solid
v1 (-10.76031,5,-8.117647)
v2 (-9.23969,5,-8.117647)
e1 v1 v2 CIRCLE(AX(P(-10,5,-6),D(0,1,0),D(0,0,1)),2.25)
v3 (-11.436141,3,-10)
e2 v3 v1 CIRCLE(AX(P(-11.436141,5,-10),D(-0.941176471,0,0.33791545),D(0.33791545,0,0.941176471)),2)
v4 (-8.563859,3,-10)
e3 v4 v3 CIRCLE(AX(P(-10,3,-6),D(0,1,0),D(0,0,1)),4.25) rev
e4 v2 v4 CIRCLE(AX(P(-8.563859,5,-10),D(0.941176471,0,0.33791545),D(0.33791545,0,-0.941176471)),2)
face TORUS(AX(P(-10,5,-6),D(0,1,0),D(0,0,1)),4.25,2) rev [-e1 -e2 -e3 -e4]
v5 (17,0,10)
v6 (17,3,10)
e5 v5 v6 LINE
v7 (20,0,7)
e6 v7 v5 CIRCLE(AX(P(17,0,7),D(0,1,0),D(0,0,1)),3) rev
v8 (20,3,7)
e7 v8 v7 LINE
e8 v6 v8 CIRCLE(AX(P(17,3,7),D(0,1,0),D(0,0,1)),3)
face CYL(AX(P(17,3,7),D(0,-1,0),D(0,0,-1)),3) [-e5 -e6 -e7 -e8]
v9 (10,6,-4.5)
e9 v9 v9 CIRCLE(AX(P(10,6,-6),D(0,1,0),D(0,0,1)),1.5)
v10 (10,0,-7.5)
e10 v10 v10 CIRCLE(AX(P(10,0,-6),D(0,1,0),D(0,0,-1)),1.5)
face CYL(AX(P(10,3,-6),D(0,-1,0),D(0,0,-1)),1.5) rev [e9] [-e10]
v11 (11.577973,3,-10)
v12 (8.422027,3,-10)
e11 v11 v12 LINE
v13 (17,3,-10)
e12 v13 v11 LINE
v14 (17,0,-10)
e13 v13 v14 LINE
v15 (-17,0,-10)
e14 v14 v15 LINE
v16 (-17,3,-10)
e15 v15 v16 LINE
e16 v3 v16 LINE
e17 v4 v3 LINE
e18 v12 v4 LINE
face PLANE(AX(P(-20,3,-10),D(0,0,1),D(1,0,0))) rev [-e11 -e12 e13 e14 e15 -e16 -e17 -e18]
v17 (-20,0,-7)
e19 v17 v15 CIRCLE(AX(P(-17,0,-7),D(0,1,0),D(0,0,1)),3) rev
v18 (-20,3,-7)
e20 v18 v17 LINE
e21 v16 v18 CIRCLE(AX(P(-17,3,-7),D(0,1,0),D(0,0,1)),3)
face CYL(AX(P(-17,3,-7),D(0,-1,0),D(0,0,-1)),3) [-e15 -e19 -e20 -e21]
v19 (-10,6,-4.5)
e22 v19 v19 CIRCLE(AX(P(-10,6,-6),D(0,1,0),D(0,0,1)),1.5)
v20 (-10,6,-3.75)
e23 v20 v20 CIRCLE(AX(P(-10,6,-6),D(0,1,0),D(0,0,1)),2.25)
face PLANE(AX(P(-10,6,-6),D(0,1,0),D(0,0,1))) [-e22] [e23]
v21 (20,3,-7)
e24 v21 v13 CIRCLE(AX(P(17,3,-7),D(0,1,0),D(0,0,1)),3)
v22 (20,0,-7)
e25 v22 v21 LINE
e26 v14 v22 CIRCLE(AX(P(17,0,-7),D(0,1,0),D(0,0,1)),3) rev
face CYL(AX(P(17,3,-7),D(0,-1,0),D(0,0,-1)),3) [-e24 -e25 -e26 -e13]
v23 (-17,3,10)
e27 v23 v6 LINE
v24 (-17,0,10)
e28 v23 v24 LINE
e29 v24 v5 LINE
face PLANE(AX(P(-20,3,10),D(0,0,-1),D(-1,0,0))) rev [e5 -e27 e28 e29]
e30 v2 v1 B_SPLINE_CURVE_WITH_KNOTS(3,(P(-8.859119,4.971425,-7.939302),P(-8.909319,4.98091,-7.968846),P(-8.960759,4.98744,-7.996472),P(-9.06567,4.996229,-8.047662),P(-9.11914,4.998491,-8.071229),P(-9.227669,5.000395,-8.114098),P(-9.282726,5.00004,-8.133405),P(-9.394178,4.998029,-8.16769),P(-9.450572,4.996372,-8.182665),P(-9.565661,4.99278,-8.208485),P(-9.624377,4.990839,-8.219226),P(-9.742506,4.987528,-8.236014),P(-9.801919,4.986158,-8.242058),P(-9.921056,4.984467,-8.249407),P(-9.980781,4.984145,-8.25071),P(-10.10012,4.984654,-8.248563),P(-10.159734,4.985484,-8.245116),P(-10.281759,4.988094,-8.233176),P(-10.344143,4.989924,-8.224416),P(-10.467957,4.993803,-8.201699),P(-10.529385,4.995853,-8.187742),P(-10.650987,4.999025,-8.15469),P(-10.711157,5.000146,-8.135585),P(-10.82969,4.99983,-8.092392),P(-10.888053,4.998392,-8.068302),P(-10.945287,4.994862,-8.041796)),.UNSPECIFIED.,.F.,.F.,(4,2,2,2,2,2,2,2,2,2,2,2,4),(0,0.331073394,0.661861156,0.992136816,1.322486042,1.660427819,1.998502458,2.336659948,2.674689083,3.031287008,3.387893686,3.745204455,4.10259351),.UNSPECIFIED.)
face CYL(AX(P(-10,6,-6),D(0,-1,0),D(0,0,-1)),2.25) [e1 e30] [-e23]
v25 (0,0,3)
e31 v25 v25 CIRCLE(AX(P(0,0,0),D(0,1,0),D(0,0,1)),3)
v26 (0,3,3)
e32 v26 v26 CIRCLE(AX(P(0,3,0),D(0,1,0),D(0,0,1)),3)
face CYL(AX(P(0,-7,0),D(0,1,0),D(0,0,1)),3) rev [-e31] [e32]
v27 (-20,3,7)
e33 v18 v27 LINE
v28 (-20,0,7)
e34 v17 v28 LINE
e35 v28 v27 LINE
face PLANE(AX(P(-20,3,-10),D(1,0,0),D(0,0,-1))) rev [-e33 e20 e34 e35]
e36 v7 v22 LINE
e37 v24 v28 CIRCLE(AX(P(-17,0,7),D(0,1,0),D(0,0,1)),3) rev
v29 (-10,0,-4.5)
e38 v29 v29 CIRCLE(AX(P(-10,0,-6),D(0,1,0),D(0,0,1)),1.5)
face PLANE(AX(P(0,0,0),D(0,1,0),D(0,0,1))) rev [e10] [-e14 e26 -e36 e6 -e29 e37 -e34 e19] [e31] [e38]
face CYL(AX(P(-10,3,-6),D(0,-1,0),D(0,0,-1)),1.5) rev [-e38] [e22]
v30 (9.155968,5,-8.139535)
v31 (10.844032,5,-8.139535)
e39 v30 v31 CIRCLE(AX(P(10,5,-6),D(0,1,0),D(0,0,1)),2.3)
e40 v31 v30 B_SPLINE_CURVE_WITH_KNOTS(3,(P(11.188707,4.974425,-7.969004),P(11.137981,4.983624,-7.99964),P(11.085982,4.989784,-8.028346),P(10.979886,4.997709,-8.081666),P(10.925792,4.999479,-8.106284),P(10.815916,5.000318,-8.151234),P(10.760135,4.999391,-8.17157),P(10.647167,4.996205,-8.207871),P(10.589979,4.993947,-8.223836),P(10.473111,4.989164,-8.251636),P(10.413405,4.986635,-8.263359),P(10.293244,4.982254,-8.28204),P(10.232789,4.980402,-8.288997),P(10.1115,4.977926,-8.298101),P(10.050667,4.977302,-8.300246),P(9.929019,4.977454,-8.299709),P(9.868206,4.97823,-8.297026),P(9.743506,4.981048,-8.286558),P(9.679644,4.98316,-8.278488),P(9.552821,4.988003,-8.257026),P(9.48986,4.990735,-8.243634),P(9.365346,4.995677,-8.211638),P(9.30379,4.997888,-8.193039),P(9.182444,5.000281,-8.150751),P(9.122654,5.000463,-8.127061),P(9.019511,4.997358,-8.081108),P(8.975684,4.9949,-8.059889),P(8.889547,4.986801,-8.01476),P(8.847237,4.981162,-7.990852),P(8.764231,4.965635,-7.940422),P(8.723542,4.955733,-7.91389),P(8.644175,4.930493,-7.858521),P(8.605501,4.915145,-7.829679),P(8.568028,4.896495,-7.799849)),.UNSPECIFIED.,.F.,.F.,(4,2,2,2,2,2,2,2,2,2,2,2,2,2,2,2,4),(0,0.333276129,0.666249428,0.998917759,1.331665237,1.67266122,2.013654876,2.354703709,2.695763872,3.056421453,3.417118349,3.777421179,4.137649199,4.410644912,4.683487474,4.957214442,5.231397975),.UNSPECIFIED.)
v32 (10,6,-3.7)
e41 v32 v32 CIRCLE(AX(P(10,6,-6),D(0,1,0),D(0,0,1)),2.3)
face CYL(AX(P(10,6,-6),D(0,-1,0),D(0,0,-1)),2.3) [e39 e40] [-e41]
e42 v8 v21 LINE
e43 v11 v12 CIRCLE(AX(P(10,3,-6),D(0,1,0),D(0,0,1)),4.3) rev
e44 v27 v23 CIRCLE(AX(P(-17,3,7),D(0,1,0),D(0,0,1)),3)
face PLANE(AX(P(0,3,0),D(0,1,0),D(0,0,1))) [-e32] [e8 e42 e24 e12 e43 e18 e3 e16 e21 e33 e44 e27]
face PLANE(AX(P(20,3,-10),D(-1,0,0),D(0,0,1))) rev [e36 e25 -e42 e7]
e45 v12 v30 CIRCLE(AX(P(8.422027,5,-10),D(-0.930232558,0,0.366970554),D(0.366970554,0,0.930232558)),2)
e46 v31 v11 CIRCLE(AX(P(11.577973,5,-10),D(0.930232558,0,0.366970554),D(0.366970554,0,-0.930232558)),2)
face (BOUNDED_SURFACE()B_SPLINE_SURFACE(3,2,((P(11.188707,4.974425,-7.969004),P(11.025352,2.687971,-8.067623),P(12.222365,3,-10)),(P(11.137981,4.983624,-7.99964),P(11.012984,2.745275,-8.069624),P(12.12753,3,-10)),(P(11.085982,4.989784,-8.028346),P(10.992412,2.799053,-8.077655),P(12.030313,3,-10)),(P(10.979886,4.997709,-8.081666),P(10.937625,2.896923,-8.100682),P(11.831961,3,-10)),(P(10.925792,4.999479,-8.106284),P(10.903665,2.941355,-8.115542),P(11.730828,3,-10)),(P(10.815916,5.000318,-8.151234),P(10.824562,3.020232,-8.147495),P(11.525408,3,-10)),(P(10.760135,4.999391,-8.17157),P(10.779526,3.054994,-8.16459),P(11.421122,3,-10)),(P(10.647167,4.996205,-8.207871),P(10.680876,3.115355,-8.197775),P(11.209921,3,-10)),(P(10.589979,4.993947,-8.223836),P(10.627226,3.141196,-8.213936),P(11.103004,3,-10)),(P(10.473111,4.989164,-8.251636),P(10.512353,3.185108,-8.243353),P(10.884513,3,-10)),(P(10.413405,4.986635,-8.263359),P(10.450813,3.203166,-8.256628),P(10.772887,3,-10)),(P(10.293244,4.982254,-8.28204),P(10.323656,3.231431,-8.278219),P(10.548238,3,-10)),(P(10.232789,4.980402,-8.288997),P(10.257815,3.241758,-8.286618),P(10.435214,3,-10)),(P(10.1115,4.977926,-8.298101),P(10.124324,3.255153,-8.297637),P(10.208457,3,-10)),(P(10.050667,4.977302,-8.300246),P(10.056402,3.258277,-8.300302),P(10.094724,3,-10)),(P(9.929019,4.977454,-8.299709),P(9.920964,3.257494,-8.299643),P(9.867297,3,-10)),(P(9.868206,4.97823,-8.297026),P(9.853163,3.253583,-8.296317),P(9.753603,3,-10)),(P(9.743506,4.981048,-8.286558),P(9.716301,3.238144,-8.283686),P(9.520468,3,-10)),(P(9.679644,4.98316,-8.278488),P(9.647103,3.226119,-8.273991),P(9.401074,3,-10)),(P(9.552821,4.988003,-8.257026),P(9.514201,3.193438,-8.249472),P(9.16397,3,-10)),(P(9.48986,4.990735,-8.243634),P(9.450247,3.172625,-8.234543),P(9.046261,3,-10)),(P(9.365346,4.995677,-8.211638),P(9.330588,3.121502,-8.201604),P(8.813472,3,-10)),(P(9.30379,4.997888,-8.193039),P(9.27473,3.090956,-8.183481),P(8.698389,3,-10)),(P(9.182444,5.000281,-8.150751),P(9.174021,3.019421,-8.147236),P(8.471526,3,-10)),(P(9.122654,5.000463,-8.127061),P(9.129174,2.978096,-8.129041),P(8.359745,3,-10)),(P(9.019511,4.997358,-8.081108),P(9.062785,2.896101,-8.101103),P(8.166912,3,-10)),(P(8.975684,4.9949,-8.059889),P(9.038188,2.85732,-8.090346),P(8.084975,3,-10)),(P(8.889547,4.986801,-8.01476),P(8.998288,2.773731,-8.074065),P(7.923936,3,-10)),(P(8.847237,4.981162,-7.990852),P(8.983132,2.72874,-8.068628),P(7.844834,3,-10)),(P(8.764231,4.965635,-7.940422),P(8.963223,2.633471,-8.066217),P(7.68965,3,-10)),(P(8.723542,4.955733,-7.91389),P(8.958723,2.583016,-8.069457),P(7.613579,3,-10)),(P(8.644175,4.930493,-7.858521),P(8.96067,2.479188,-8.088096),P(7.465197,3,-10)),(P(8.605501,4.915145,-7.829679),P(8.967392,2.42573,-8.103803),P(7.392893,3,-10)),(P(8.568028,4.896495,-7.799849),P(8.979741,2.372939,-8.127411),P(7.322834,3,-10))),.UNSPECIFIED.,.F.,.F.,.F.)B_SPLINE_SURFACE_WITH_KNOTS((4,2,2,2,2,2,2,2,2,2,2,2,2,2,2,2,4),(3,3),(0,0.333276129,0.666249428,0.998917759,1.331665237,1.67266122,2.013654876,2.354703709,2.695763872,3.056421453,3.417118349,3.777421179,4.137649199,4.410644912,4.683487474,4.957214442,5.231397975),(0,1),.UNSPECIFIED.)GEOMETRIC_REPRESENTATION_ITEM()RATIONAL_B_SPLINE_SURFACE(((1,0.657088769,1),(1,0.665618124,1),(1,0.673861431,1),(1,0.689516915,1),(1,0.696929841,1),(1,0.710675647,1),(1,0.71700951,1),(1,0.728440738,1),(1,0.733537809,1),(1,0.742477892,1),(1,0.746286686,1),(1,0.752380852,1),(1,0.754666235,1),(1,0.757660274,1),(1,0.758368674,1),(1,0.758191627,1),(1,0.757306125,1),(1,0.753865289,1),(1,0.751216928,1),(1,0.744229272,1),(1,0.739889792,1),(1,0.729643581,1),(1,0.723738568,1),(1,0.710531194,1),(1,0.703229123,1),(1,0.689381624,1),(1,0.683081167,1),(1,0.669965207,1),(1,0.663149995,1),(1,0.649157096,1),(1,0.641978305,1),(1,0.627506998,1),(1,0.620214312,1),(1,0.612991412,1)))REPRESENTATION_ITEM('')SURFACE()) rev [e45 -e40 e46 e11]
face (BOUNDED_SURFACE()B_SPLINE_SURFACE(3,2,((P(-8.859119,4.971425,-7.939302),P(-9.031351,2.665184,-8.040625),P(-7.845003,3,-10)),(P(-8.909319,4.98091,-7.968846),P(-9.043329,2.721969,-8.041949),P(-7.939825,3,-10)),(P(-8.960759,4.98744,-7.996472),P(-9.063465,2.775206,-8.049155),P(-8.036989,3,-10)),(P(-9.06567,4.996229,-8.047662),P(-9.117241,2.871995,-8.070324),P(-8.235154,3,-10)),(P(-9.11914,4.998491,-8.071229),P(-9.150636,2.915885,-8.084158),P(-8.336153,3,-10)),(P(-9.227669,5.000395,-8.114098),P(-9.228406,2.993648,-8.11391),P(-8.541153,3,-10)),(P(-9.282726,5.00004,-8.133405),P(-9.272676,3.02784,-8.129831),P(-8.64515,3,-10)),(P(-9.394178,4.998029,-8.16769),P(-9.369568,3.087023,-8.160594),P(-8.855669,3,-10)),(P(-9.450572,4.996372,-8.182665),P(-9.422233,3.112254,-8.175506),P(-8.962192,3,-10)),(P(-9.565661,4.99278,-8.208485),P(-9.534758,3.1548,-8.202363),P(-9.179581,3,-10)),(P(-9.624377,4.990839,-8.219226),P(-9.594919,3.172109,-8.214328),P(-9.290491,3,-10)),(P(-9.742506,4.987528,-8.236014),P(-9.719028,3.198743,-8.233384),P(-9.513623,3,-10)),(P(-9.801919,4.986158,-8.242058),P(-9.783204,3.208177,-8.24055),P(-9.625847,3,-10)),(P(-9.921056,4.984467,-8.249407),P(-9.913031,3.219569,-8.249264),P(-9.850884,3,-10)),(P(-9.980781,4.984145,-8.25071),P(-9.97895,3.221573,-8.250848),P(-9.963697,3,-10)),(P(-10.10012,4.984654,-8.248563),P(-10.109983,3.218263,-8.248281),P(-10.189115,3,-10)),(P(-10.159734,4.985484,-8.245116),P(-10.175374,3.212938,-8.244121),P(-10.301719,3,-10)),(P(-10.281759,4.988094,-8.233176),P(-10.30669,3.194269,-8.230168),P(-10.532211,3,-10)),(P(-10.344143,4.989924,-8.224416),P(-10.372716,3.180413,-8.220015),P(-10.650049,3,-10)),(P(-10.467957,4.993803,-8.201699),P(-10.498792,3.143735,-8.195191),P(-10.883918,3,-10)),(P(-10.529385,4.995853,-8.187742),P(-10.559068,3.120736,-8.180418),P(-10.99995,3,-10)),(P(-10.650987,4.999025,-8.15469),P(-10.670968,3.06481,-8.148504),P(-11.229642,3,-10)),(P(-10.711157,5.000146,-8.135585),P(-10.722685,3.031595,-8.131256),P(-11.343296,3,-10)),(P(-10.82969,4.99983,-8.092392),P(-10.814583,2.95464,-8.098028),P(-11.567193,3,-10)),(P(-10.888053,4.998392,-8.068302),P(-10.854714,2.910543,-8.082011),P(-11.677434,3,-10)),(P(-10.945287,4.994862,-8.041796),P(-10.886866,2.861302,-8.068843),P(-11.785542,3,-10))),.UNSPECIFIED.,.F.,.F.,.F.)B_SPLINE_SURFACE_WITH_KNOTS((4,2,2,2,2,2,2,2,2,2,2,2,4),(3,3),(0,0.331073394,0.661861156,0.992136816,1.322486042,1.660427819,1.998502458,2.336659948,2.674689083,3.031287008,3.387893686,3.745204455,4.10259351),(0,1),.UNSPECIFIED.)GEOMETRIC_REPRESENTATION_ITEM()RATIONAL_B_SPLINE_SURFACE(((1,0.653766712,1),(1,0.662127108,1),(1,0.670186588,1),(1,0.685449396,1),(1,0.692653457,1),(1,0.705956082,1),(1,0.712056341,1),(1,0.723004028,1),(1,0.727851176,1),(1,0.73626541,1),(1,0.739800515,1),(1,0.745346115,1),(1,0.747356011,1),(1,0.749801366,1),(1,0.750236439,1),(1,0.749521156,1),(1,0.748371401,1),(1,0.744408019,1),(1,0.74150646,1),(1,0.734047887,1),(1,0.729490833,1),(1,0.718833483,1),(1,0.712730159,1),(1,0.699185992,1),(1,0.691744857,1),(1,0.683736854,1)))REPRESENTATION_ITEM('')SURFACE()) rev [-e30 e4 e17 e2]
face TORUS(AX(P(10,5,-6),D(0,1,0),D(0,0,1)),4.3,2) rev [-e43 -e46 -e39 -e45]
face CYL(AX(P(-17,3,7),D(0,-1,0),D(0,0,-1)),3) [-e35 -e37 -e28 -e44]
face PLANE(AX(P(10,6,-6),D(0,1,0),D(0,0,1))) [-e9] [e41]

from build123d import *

# Parameters (mm, degrees)
SKETCH1_W           = 40
SKETCH1_H           = 20
SKETCH1_R           = 1.5
BOSS_EXTRUDE1_DEPTH = 3
FILLET1_R           = 3
SKETCH2_R           = 2.25
SKETCH2_R_2         = 1.5
SKETCH2_R_3         = 2.3
BOSS_EXTRUDE2_DEPTH = 3
SKETCH3_R           = 3
CUT_EXTRUDE1_DEPTH  = 10
FILLET2_R           = 2


with BuildPart() as part:
    # Sketch1 → Boss-Extrude1 (new body)
    with BuildSketch(Plane(origin=(0, 0, 0), x_dir=(1, 0, 0), z_dir=(0, 1, 0))):
        Rectangle(SKETCH1_W, SKETCH1_H)
        with Locations(Location((-10, 6, 0), (0, 0, 270))):
            Circle(SKETCH1_R, mode=Mode.SUBTRACT)
        with Locations(Location((10, 6, 0), (0, 0, 90))):
            Circle(SKETCH1_R, mode=Mode.SUBTRACT)
    extrude(amount=BOSS_EXTRUDE1_DEPTH)

    # Fillet1
    fillet1_edges = [part.edges().sort_by_distance(p)[0] for p in [
        (20, 1.5, 10),
        (-20, 1.5, 10),
        (-20, 1.5, -10),
        (20, 1.5, -10),
    ]]
    fillet(fillet1_edges, radius=FILLET1_R)

    # Sketch2 → Boss-Extrude2 (add)
    # profile 1 of 2: a face of its own
    with BuildSketch(Plane(origin=(0, 3, 0), x_dir=(1, 0, 0), z_dir=(0, 1, 0))):
        with Locations(Location((-10, 6, 0), (0, 0, 270))):
            Circle(SKETCH2_R)
        with Locations(Location((-10, 6, 0), (0, 0, 270))):
            Circle(SKETCH2_R_2, mode=Mode.SUBTRACT)
    # profile 2 of 2: a face of its own
    with BuildSketch(Plane(origin=(0, 3, 0), x_dir=(1, 0, 0), z_dir=(0, 1, 0))):
        with Locations(Location((10, 6, 0), (0, 0, 270))):
            Circle(SKETCH2_R_3)
        with Locations(Location((10, 6, 0), (0, 0, 90))):
            Circle(SKETCH2_R_2, mode=Mode.SUBTRACT)
    extrude(amount=BOSS_EXTRUDE2_DEPTH)

    # Sketch3 → Cut-Extrude1 (cut)
    with BuildSketch(Plane(origin=(0, 3, 0), x_dir=(1, 0, 0), z_dir=(0, 1, 0))):
        with Locations(Location((0, 0, 0), (0, 0, 270))):
            Circle(SKETCH3_R)
    extrude(amount=-CUT_EXTRUDE1_DEPTH, mode=Mode.SUBTRACT)

    # Fillet2
    fillet2_edges = [part.edges().sort_by_distance(p)[0] for p in [
        (-10, 3, -8.25),
        (10, 3, -8.3),
    ]]
    fillet(fillet2_edges, radius=FILLET2_R)


solid = part.part
